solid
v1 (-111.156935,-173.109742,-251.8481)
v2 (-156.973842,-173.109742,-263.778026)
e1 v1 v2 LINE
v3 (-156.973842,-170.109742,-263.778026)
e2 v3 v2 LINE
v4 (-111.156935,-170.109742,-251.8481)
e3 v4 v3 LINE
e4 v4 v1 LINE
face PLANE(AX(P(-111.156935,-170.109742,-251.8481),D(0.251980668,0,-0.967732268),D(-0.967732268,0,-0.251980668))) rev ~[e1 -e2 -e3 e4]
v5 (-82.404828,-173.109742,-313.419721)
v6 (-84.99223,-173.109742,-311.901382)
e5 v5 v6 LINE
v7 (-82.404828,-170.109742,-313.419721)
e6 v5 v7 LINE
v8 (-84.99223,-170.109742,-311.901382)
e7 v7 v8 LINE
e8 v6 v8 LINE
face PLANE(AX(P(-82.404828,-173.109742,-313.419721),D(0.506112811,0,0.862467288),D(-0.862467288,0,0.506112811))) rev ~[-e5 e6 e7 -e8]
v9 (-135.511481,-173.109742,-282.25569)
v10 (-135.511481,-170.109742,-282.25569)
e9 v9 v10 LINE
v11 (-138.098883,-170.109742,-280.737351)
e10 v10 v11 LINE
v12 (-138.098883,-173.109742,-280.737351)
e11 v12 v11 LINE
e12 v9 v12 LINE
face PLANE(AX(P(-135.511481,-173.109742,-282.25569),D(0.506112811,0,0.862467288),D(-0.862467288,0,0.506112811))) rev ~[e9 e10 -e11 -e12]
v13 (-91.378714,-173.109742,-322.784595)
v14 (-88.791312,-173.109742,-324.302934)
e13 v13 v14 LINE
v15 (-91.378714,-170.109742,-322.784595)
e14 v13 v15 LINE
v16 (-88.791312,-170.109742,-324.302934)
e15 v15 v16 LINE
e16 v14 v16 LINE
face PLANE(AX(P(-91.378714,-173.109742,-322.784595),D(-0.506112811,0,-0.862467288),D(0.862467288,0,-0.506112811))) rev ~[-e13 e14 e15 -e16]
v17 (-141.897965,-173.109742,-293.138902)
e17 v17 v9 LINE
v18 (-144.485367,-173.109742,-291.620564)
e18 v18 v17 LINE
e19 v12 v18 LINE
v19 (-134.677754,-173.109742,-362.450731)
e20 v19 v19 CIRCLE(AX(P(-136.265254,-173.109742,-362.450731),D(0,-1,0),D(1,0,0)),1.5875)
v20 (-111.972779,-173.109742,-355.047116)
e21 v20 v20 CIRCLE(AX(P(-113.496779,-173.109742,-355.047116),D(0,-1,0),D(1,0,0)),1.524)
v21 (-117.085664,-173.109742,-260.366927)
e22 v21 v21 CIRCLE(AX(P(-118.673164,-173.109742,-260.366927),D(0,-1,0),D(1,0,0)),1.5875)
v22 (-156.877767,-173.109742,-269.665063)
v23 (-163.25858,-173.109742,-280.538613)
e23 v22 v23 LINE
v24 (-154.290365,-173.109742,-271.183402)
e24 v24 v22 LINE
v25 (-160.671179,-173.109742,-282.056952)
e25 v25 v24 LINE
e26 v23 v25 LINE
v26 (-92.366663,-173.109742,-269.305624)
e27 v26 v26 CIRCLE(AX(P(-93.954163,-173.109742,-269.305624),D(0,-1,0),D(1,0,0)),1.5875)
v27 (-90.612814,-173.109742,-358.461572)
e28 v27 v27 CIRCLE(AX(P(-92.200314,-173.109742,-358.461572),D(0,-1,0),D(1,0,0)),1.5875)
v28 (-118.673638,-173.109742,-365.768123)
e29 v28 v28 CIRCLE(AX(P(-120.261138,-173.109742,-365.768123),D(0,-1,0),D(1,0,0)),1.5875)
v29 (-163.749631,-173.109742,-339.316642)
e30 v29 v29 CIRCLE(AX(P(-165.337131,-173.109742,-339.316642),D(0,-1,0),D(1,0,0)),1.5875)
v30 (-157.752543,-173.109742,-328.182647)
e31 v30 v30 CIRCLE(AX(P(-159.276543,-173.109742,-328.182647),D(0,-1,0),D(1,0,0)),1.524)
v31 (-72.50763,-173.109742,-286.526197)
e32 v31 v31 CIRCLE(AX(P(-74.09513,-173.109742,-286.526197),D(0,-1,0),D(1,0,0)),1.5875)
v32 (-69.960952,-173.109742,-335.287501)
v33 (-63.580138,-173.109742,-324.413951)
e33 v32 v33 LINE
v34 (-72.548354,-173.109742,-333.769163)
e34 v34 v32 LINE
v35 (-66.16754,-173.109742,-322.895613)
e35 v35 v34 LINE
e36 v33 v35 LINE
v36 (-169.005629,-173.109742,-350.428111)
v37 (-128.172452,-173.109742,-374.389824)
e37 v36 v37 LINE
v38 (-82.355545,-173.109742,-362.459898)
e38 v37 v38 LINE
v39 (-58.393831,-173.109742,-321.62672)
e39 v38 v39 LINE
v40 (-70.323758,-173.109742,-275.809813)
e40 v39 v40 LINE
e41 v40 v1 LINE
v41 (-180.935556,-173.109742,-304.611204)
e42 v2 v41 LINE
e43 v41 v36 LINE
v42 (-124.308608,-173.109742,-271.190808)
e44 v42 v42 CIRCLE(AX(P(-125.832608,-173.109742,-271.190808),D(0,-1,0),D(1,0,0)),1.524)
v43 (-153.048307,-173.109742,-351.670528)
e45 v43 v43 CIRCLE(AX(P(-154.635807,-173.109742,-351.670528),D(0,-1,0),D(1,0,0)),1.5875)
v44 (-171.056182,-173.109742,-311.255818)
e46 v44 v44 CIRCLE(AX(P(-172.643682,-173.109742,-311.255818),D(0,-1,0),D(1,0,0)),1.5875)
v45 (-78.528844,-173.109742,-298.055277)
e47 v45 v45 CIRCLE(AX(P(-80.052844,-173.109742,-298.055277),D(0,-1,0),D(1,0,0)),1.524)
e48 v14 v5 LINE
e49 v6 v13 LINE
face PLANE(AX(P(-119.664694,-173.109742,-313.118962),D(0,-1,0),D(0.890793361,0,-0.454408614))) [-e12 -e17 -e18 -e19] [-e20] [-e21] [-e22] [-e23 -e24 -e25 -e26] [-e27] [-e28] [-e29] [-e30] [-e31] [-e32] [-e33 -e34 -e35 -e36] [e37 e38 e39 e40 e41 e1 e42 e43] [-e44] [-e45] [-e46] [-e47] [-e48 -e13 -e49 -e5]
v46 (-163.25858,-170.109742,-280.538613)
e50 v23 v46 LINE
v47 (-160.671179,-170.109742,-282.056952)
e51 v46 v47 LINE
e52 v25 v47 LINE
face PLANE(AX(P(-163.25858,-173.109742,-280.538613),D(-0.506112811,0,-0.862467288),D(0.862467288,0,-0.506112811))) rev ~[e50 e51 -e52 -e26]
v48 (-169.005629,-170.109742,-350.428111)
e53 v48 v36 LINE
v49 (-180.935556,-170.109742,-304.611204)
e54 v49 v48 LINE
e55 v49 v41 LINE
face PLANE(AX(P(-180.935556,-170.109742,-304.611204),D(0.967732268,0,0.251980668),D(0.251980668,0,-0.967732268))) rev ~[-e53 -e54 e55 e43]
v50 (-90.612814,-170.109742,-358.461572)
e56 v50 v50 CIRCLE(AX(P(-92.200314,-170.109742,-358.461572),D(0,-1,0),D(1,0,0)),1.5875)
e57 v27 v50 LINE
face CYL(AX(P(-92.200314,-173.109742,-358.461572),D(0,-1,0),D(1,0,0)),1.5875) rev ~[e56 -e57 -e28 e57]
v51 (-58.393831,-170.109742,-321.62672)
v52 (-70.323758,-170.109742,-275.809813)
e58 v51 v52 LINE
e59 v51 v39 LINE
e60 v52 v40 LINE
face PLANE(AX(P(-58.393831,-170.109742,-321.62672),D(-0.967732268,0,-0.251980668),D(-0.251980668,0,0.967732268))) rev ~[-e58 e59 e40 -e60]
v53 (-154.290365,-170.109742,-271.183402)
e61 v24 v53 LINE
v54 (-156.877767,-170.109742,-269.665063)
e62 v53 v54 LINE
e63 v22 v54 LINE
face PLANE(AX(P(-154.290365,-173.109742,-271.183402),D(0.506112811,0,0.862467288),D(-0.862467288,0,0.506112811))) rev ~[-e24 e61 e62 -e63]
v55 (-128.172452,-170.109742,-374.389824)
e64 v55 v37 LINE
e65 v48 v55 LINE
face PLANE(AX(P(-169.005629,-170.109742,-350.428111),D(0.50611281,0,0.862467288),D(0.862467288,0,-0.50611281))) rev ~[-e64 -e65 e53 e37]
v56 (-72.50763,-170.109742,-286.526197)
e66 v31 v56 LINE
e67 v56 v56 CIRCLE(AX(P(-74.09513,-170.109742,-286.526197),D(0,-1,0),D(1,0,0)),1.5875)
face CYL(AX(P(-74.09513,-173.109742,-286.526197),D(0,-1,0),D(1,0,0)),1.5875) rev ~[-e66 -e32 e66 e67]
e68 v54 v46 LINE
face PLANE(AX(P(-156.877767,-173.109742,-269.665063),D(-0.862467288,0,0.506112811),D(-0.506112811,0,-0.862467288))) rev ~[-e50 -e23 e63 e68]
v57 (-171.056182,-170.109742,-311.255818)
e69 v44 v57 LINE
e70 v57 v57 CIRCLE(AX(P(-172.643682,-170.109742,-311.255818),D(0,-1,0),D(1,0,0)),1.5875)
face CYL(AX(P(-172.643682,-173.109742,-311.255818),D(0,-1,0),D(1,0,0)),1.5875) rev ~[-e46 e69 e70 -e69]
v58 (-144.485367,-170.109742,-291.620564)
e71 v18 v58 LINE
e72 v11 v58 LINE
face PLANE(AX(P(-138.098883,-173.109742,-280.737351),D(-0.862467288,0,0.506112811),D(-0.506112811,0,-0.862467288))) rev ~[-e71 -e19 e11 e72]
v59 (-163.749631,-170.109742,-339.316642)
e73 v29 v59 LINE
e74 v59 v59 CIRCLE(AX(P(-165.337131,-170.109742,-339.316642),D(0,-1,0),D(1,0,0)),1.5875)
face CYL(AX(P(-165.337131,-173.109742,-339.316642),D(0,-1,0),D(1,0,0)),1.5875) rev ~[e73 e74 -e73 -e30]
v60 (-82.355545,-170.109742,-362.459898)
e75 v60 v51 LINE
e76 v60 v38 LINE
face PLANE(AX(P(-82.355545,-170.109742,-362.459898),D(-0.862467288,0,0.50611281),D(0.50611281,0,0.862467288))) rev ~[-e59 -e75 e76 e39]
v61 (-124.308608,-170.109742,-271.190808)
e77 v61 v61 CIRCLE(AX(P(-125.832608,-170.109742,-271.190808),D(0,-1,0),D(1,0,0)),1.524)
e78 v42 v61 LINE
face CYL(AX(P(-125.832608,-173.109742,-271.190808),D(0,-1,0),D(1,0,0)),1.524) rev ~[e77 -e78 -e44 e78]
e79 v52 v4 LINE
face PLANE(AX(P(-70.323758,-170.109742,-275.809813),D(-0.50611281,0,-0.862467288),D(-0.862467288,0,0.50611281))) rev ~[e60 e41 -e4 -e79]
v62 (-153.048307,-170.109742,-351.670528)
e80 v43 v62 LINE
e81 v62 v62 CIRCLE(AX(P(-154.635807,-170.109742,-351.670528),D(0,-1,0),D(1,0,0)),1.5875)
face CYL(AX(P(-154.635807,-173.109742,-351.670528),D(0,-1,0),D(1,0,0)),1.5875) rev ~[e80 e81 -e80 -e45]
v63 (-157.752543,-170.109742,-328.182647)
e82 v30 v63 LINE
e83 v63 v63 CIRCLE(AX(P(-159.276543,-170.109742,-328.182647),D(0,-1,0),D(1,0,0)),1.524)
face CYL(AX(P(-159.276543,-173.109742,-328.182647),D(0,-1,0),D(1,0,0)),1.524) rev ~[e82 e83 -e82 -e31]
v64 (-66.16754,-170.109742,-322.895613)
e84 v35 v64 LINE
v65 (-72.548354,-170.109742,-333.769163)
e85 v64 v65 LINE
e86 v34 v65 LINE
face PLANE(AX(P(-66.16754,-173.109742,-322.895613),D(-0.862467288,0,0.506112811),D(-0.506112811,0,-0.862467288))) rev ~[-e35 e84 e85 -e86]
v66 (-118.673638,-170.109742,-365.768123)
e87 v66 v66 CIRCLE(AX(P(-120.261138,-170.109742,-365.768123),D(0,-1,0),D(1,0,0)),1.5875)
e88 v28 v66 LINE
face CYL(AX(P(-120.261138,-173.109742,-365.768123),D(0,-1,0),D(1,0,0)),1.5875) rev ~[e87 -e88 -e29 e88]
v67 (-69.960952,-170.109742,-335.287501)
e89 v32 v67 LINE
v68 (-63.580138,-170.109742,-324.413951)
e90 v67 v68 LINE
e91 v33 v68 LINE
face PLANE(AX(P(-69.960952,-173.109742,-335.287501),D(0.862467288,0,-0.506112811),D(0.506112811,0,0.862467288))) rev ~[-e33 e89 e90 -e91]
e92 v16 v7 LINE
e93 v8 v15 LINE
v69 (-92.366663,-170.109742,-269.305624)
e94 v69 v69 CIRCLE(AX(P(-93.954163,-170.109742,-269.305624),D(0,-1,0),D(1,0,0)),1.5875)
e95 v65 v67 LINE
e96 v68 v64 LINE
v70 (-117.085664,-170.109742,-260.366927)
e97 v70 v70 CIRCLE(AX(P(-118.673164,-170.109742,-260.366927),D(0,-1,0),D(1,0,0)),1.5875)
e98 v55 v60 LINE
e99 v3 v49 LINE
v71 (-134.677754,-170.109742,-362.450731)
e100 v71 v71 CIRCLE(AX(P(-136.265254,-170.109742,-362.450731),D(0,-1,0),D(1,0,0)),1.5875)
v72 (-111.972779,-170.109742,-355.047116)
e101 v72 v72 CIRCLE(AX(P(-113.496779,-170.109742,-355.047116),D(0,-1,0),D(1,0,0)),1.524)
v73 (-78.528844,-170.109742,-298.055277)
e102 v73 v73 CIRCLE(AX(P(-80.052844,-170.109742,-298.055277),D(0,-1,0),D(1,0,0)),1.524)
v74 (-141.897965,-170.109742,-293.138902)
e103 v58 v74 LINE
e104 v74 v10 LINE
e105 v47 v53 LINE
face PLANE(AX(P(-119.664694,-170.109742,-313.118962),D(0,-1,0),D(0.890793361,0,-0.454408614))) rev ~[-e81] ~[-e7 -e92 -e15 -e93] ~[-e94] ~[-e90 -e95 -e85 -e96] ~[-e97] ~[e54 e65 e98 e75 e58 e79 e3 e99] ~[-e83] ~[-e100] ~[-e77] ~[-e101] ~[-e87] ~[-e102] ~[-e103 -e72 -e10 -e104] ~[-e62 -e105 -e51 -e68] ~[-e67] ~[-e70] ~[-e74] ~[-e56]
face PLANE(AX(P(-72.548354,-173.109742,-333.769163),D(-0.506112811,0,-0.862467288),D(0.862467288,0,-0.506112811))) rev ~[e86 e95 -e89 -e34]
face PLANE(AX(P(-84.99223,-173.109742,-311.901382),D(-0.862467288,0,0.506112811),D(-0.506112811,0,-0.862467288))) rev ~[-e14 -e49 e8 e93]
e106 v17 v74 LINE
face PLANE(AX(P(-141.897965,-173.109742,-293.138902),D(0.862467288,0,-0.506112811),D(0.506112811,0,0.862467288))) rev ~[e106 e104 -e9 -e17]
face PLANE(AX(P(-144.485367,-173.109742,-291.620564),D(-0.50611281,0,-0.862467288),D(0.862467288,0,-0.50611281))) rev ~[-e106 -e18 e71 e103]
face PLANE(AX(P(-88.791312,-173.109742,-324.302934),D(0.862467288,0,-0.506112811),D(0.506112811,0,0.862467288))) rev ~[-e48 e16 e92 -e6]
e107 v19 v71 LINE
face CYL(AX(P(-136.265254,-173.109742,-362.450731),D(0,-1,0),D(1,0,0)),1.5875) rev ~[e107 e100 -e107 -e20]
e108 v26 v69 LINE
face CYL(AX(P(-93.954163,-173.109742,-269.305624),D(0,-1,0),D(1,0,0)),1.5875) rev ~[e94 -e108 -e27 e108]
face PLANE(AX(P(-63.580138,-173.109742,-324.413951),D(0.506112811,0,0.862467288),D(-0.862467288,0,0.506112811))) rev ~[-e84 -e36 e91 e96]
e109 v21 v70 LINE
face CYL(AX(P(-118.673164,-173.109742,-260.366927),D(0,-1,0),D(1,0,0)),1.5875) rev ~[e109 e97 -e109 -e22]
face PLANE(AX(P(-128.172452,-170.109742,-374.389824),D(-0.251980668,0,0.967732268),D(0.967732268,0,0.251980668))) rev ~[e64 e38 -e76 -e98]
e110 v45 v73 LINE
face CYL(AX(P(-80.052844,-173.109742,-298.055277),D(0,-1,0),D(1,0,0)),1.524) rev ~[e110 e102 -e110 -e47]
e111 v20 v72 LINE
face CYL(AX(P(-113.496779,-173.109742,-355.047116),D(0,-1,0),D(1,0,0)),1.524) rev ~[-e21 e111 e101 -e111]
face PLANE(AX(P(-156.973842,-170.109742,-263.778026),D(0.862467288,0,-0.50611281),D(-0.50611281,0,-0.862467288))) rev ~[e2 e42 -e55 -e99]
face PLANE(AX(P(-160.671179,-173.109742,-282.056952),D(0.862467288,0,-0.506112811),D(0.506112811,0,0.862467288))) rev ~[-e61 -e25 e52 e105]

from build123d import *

# Parameters (mm, degrees)
BOSS_EXTRUDE1_DEPTH = 3
SKETCH2_R           = 1.5875
SKETCH2_R_2         = 1.524
CUT_EXTRUDE1_DEPTH  = 3


with BuildPart() as part:
    # Sketch1 → Boss-Extrude1 (new body)
    with BuildSketch(Plane(origin=(-113.226454214, -170.109741769, -309.439751514), x_dir=(0.890793361, 0, -0.454408614), z_dir=(0, -1, 0))):
        Polygon((16.200077076, -64.648683729), (51.592412285, -33.201987218), (54.382400165, 14.060345359), (22.935703655, 49.452680569), (-24.326628923, 52.242668449), (-59.718964132, 20.795971938), (-62.508952012, -26.466360639), (-31.062255502, -61.858695849), align=None)
    extrude(amount=BOSS_EXTRUDE1_DEPTH)

    # Sketch2 → Cut-Extrude1 (cut)
    with BuildSketch(Plane.XZ.offset(173.109741769)):
        with Locations((-172.64368154, -311.255818085)):
            Circle(SKETCH2_R)
        with Locations((-165.337130549, -339.316642084)):
            Circle(SKETCH2_R)
        with Locations((-154.635807236, -351.670528307)):
            Circle(SKETCH2_R)
        with Locations((-159.276542973, -328.182647353)):
            Circle(SKETCH2_R_2)
        with Locations((-125.832608107, -271.190808365)):
            Circle(SKETCH2_R_2)
        with Locations((-118.673164362, -260.366927273)):
            Circle(SKETCH2_R)
        with Locations((-80.052844095, -298.055276559)):
            Circle(SKETCH2_R_2)
        with Locations((-74.095129755, -286.526196957)):
            Circle(SKETCH2_R)
        with Locations((-136.265254, -362.450731171)):
            Circle(SKETCH2_R)
        with Locations((-120.261137836, -365.768123404)):
            Circle(SKETCH2_R)
        with Locations((-113.496778962, -355.047115547)):
            Circle(SKETCH2_R_2)
        with Locations((-92.200313837, -358.461572413)):
            Circle(SKETCH2_R)
        with Locations((-93.954162759, -269.305623721)):
            Circle(SKETCH2_R)
        Polygon((-163.258580453, -280.538613217), (-160.671178566, -282.056951662), (-154.290364989, -271.183401601), (-156.877766876, -269.665063156), align=None)
        Polygon((-144.485366677, -291.620563992), (-141.897964791, -293.138902436), (-135.511480905, -282.255689599), (-138.098882792, -280.737351154), align=None)
        Polygon((-63.58013806, -324.413951361), (-66.167539946, -322.895612916), (-72.548353524, -333.769162977), (-69.960951637, -335.287501422), align=None)
        Polygon((-82.404827782, -313.419720793), (-84.992229669, -311.901382348), (-91.378713554, -322.784595186), (-88.791311667, -324.302933631), align=None)
    extrude(amount=-CUT_EXTRUDE1_DEPTH, mode=Mode.SUBTRACT)


solid = part.part
